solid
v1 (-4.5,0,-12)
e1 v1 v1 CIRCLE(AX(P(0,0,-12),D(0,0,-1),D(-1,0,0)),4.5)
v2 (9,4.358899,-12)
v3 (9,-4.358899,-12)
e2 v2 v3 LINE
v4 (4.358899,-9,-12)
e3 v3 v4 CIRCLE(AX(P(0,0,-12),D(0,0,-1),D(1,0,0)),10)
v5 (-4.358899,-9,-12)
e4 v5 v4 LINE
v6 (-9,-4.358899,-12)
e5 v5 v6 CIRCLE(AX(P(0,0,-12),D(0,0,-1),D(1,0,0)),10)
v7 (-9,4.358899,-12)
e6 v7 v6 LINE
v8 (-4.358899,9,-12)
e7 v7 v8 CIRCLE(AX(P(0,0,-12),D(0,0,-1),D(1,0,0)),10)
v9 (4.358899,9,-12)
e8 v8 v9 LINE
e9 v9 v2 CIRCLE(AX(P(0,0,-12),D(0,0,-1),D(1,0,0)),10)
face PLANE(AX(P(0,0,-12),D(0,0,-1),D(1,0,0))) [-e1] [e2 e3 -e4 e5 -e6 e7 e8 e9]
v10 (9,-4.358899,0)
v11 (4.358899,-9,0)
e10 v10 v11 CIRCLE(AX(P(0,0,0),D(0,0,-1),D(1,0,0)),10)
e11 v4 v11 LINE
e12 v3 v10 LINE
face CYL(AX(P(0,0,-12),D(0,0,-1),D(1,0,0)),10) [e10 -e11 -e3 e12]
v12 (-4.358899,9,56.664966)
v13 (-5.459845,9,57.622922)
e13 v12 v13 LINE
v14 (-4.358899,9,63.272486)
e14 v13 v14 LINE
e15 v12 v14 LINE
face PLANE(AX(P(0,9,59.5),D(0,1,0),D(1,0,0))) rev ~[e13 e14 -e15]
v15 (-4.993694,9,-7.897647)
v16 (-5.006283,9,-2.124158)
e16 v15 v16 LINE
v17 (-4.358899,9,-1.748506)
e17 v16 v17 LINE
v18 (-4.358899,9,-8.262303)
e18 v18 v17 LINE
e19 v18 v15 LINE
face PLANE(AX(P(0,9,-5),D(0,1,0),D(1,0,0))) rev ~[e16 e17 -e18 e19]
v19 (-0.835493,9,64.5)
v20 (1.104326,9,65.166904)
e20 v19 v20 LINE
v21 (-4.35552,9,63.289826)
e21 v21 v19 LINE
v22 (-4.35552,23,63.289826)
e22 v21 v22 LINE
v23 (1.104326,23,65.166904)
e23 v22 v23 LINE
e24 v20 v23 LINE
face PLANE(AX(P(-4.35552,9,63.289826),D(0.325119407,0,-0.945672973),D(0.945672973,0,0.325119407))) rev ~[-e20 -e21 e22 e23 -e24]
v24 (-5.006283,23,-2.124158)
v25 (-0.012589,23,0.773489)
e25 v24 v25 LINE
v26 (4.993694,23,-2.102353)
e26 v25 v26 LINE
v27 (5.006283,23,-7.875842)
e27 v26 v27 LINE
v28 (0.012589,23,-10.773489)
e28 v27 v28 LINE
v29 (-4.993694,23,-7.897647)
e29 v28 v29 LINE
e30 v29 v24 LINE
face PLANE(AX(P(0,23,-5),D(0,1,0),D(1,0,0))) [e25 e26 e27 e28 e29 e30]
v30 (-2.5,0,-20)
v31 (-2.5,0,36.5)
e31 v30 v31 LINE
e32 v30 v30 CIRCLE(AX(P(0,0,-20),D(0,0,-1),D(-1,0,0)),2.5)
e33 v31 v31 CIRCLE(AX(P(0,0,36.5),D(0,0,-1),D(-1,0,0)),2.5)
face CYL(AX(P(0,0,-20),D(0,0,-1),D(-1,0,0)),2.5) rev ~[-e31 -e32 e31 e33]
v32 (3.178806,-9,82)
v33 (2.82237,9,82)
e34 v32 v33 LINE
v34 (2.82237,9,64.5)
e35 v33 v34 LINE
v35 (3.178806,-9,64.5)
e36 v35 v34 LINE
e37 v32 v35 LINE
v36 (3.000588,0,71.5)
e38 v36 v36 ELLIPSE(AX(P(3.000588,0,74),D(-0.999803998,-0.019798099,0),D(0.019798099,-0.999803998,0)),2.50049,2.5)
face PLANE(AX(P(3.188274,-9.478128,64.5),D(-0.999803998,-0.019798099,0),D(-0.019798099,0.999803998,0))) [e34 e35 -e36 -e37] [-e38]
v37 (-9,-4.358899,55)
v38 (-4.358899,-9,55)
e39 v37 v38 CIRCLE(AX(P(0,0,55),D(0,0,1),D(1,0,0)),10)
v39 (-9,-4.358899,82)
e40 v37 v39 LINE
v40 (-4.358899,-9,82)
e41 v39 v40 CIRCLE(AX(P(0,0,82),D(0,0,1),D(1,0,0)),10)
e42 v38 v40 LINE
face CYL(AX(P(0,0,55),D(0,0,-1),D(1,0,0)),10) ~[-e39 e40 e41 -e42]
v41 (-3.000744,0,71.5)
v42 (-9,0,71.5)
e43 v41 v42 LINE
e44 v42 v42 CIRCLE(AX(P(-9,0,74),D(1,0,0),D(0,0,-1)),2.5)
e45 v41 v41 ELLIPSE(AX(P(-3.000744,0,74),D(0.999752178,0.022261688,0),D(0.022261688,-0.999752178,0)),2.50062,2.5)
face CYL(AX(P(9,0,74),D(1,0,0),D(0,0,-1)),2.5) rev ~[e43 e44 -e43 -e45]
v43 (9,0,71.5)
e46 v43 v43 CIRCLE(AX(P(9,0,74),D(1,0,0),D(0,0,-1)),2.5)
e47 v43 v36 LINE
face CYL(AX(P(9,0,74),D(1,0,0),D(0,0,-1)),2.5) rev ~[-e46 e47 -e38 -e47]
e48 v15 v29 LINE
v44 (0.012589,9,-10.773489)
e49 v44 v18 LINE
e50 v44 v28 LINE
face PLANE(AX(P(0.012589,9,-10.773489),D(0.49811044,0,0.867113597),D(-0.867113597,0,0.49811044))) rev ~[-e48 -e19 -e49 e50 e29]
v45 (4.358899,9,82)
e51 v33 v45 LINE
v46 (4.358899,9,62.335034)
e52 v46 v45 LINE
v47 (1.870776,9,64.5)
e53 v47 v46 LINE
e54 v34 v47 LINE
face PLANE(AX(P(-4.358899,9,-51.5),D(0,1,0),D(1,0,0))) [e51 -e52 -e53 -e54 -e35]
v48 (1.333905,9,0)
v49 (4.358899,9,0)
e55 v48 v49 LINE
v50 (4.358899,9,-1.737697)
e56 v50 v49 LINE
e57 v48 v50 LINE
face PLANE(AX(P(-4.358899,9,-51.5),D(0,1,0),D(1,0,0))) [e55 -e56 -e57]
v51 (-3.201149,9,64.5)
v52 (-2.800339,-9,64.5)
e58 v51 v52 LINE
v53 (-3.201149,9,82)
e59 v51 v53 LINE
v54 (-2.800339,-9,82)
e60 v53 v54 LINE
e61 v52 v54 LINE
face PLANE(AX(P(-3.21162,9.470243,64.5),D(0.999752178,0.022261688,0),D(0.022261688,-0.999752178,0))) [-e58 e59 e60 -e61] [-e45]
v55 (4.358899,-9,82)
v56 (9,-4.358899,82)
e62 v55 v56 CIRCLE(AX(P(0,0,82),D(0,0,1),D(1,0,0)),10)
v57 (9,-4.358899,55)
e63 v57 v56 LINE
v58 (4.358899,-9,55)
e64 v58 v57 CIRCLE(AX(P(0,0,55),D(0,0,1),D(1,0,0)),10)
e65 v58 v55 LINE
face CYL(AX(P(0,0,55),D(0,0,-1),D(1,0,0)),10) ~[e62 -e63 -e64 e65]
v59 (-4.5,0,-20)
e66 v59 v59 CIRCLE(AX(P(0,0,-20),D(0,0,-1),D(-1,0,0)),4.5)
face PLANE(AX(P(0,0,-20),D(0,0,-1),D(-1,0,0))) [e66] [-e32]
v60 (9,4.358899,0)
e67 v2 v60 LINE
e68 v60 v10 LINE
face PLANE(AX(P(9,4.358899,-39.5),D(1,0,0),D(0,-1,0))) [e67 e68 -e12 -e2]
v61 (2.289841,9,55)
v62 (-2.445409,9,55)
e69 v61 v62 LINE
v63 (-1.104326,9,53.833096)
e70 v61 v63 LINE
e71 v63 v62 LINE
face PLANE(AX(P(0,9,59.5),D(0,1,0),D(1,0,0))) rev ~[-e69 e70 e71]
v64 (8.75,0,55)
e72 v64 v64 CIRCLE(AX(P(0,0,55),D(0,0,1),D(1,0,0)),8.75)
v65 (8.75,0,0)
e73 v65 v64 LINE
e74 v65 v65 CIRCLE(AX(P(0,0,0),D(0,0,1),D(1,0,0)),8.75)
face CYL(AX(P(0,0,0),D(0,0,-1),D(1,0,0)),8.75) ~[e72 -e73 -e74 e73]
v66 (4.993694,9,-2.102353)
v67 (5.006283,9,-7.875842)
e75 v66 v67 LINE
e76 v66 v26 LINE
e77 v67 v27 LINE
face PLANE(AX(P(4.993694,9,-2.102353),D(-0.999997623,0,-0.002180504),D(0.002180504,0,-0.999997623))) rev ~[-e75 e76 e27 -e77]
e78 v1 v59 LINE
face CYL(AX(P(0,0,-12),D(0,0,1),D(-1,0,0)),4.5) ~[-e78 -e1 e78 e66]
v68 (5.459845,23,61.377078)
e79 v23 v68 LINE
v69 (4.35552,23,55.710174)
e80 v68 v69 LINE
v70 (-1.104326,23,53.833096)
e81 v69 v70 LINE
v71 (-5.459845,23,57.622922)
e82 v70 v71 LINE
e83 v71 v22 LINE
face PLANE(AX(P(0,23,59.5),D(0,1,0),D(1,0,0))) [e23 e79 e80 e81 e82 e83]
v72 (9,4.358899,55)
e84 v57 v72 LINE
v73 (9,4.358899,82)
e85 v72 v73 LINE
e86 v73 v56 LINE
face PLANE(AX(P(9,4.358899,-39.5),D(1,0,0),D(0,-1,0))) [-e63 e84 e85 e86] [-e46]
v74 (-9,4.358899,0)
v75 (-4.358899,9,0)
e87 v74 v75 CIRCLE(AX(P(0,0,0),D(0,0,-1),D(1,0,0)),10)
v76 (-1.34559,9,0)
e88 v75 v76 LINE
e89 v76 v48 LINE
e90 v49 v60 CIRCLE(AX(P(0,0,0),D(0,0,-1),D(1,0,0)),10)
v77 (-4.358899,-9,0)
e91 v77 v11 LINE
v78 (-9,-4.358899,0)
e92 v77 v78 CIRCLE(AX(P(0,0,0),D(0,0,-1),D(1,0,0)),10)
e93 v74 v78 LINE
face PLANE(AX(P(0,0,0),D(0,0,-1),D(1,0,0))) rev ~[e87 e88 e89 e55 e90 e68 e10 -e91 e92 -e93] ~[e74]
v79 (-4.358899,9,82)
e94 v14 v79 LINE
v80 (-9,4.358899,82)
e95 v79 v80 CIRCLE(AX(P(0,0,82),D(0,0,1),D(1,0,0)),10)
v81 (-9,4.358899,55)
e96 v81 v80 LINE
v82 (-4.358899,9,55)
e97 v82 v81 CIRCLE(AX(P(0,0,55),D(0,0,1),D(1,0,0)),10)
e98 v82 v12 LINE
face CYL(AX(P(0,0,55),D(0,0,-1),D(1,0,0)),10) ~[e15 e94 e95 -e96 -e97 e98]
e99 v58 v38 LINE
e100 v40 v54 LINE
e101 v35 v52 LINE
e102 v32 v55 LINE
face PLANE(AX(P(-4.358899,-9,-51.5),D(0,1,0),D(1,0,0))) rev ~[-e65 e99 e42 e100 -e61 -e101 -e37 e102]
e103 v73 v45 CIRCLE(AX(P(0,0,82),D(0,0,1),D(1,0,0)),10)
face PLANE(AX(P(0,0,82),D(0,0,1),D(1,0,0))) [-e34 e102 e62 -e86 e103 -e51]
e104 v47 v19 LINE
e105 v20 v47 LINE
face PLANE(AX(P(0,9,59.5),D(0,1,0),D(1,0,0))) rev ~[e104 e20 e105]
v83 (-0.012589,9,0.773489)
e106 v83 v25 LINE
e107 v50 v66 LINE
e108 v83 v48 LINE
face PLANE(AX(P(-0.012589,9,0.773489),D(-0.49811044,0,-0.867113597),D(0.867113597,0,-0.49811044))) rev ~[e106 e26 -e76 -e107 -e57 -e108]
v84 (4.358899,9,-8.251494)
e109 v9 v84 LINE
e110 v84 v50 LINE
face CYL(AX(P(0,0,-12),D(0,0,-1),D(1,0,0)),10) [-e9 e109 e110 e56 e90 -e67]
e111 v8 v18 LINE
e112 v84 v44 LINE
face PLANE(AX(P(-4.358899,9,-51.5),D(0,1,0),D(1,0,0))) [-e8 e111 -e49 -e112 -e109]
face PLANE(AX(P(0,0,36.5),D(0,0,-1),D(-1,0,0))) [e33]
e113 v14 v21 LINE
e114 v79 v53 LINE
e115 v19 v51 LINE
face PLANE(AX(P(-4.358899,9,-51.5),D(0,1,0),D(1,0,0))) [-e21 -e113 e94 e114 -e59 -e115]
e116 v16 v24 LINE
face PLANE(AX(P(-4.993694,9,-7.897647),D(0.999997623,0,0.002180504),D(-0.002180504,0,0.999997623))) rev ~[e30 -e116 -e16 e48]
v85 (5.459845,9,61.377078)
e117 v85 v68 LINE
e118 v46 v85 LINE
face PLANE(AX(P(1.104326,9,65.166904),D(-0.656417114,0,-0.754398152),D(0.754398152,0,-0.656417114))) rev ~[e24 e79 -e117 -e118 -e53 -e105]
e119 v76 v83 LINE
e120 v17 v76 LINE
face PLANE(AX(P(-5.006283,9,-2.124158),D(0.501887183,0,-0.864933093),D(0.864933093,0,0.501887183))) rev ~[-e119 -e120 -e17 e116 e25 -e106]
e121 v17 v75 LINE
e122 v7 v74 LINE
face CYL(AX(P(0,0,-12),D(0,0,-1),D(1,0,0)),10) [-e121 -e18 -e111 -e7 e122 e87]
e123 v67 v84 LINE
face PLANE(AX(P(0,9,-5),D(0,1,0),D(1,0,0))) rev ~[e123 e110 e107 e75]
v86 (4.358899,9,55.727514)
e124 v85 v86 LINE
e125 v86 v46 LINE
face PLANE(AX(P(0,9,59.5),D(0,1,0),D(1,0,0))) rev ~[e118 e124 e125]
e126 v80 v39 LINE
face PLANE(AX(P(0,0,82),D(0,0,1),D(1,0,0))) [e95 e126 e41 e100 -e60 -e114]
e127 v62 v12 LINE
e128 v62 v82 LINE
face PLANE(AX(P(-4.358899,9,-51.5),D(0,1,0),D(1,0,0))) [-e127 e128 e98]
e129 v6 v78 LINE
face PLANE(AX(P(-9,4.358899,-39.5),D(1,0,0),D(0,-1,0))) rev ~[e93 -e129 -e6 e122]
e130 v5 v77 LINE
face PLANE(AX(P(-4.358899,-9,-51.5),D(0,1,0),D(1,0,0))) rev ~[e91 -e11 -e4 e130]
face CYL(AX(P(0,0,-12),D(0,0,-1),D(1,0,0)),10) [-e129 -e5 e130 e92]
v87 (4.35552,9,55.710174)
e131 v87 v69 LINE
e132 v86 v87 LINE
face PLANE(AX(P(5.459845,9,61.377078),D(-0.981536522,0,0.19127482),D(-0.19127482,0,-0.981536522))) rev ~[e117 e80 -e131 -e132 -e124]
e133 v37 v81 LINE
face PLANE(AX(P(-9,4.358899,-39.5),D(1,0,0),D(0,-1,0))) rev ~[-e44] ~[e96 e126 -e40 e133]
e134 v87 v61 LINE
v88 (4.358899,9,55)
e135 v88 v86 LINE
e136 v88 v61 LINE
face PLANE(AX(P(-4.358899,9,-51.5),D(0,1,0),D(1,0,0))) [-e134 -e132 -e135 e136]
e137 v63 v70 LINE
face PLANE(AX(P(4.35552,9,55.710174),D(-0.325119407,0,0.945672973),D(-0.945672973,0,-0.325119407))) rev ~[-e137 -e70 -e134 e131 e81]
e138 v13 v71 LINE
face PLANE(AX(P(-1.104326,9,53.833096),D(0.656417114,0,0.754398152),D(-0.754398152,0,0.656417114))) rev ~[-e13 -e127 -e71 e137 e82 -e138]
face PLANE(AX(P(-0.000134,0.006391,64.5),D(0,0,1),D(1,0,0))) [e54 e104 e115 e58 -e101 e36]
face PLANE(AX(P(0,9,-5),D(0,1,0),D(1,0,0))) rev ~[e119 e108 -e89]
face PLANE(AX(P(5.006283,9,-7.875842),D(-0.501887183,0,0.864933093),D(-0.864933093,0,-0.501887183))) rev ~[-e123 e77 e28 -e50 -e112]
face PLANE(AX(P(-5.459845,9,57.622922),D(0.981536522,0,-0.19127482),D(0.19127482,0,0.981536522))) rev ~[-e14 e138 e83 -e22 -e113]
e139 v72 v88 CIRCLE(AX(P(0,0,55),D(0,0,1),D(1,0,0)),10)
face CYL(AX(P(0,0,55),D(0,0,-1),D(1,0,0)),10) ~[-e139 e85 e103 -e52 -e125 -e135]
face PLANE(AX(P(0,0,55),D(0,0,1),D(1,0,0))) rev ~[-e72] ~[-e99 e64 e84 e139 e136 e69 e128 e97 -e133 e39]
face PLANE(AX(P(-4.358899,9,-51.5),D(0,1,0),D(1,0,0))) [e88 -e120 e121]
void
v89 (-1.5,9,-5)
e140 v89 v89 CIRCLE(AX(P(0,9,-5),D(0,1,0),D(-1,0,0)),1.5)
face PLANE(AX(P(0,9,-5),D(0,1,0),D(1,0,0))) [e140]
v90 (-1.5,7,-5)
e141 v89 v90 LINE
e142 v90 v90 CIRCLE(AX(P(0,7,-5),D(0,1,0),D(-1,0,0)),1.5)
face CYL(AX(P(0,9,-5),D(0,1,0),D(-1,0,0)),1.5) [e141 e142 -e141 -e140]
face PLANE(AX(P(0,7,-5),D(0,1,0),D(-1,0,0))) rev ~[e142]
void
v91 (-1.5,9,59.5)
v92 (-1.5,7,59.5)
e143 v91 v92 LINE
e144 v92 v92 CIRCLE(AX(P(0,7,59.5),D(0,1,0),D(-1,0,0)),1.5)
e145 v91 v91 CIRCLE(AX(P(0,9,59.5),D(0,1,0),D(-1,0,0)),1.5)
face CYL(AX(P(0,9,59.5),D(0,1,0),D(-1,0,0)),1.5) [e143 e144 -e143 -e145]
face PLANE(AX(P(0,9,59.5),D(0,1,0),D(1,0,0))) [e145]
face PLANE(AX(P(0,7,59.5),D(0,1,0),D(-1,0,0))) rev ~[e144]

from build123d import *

# Parameters (mm, degrees)
SKETCH1_R           = 8.75
BOSS_EXTRUDE1_DEPTH = 55
SKETCH2_R           = 10
BOSS_EXTRUDE2_DEPTH = 27
BOSS_EXTRUDE3_START = 12
SKETCH3_R           = 10
BOSS_EXTRUDE3_DEPTH = 12
SKETCH4_R           = 4.5
BOSS_EXTRUDE4_DEPTH = 8
CUT_EXTRUDE1_START  = -121.5
CUT_EXTRUDE1_DEPTH  = 121.5
CUT_EXTRUDE2_START  = -17.5
CUT_EXTRUDE2_DEPTH  = 17.5
SKETCH7_R           = 2.5
CUT_EXTRUDE3_DEPTH  = 85.545845551
SKETCH8_R           = 2.5
CUT_EXTRUDE4_DEPTH  = 56.5
CUT_EXTRUDE5_START  = -133.5
CUT_EXTRUDE5_DEPTH  = 133.5
SKETCH10_R          = 1.5
CUT_EXTRUDE6_DEPTH  = 2
SKETCH11_R          = 1.5
CUT_EXTRUDE7_DEPTH  = 2
BOSS_EXTRUDE5_DEPTH = 14
BOSS_EXTRUDE6_DEPTH = 14


with BuildPart() as part:
    # Sketch1 → Boss-Extrude1 (new body)
    with BuildSketch(Plane.XY):
        Circle(SKETCH1_R)
    extrude(amount=BOSS_EXTRUDE1_DEPTH)

    # Sketch2 → Boss-Extrude2 (add)
    with BuildSketch(Plane.XY.offset(55)):
        Circle(SKETCH2_R)
    extrude(amount=BOSS_EXTRUDE2_DEPTH)

    # Sketch3 → Boss-Extrude3 (add)
    with BuildSketch(Plane(origin=(0, 0, 0), x_dir=(-1, 0, 0), z_dir=(0, 0, -1)).offset(BOSS_EXTRUDE3_START)):
        with Locations(Location((0, 0, 0), (0, 0, 180))):
            Circle(SKETCH3_R)
    extrude(amount=-BOSS_EXTRUDE3_DEPTH)

    # Sketch4 → Boss-Extrude4 (add)
    with BuildSketch(Plane(origin=(0, 0, -12), x_dir=(-1, 0, 0), z_dir=(0, 0, -1))):
        Circle(SKETCH4_R)
    extrude(amount=BOSS_EXTRUDE4_DEPTH)

    # Sketch5 → Cut-Extrude1 (cut)
    with BuildSketch(Plane.XY.offset(82).offset(CUT_EXTRUDE1_START)):
        with BuildLine():
            Line((-9, 4.358898944), (-9, -4.358898944))
            ThreePointArc((-9, -4.358898944), (-10, 0), (-9, 4.358898944))
        make_face()
        with BuildLine():
            Line((9, 4.358898944), (9, -4.358898944))
            ThreePointArc((9, -4.358898944), (10, 0), (9, 4.358898944))
        make_face()
    extrude(amount=CUT_EXTRUDE1_DEPTH, mode=Mode.SUBTRACT)

    # Sketch6 → Cut-Extrude2 (cut)
    with BuildSketch(Plane.XY.offset(82).offset(CUT_EXTRUDE2_START)):
        with BuildLine():
            Line((-3.211619504, 9.470242878), (-2.786893563, -9.603813007))
            ThreePointArc((-2.786893563, -9.603813007), (0.210299095, -9.99778847), (3.188273823, -9.478127981))
            Line((3.188273823, -9.478127981), (2.810550168, 9.596916575))
            ThreePointArc((2.810550168, 9.596916575), (-0.210299095, 9.99778847), (-3.211619504, 9.470242878))
        make_face()
    extrude(amount=CUT_EXTRUDE2_DEPTH, mode=Mode.SUBTRACT)

    # Sketch7 → Cut-Extrude3 (cut, through all)
    with BuildSketch(Plane(origin=(9, 0, 0), x_dir=(0, 0, -1), z_dir=(1, 0, 0))):
        with Locations((-74, 0)):
            Circle(SKETCH7_R)
    extrude(amount=-CUT_EXTRUDE3_DEPTH, mode=Mode.SUBTRACT)

    # Sketch8 → Cut-Extrude4 (cut)
    with BuildSketch(Plane(origin=(0, 0, -20), x_dir=(-1, 0, 0), z_dir=(0, 0, -1))):
        Circle(SKETCH8_R)
    extrude(amount=-CUT_EXTRUDE4_DEPTH, mode=Mode.SUBTRACT)

    # Sketch9 → Cut-Extrude5 (cut)
    with BuildSketch(Plane.XY.offset(82).offset(CUT_EXTRUDE5_START)):
        with BuildLine():
            Line((-4.358898944, 9), (4.358898944, 9))
            ThreePointArc((4.358898944, 9), (3.597127672, 9.330630874), (2.810550168, 9.596916575))
            ThreePointArc((2.810550168, 9.596916575), (-0.210299095, 9.99778847), (-3.211619504, 9.470242878))
            ThreePointArc((-3.211619504, 9.470242878), (-3.79255448, 9.252920108), (-4.358898944, 9))
        make_face()
        with BuildLine():
            Line((-4.358898944, -9), (4.358898944, -9))
            ThreePointArc((4.358898944, -9), (3.781151383, -9.257585766), (3.188273823, -9.478127981))
            ThreePointArc((3.188273823, -9.478127981), (0.210299095, -9.99778847), (-2.786893563, -9.603813007))
            ThreePointArc((-2.786893563, -9.603813007), (-3.585628979, -9.335055695), (-4.358898944, -9))
        make_face()
    extrude(amount=CUT_EXTRUDE5_DEPTH, mode=Mode.SUBTRACT)

    # Sketch10 → Cut-Extrude6 (cut)
    with BuildSketch(Plane(origin=(0, 9, 0), x_dir=(1, 0, 0), z_dir=(0, 1, 0))):
        with Locations(Location((0, 5, 0), (0, 0, 180))):
            Circle(SKETCH10_R)
    extrude(amount=-CUT_EXTRUDE6_DEPTH, mode=Mode.SUBTRACT)

    # Sketch11 → Cut-Extrude7 (cut)
    with BuildSketch(Plane(origin=(0, 9, 0), x_dir=(1, 0, 0), z_dir=(0, 1, 0))):
        with Locations(Location((0, -59.5, 0), (0, 0, 180))):
            Circle(SKETCH11_R)
    extrude(amount=-CUT_EXTRUDE7_DEPTH, mode=Mode.SUBTRACT)

    # Sketch13 → Boss-Extrude5 (add)
    with BuildSketch(Plane(origin=(0, 9, 0), x_dir=(1, 0, 0), z_dir=(0, 1, 0))):
        Polygon((4.993693542, 2.102352999), (5.006282685, 7.875841965), (0.012589143, 10.773488967), (-4.993693542, 7.897647001), (-5.006282685, 2.124158035), (-0.012589143, -0.773488967), align=None)
    extrude(amount=BOSS_EXTRUDE5_DEPTH)

    # Sketch14 → Boss-Extrude6 (add)
    with BuildSketch(Plane(origin=(0, 9, 0), x_dir=(1, 0, 0), z_dir=(0, 1, 0))):
        Polygon((1.10432569, -65.166903749), (5.459845453, -61.377077773), (4.355519763, -55.710174024), (-1.10432569, -53.833096251), (-5.459845453, -57.622922227), (-4.355519763, -63.289825976), align=None)
    extrude(amount=BOSS_EXTRUDE6_DEPTH)


solid = part.part
